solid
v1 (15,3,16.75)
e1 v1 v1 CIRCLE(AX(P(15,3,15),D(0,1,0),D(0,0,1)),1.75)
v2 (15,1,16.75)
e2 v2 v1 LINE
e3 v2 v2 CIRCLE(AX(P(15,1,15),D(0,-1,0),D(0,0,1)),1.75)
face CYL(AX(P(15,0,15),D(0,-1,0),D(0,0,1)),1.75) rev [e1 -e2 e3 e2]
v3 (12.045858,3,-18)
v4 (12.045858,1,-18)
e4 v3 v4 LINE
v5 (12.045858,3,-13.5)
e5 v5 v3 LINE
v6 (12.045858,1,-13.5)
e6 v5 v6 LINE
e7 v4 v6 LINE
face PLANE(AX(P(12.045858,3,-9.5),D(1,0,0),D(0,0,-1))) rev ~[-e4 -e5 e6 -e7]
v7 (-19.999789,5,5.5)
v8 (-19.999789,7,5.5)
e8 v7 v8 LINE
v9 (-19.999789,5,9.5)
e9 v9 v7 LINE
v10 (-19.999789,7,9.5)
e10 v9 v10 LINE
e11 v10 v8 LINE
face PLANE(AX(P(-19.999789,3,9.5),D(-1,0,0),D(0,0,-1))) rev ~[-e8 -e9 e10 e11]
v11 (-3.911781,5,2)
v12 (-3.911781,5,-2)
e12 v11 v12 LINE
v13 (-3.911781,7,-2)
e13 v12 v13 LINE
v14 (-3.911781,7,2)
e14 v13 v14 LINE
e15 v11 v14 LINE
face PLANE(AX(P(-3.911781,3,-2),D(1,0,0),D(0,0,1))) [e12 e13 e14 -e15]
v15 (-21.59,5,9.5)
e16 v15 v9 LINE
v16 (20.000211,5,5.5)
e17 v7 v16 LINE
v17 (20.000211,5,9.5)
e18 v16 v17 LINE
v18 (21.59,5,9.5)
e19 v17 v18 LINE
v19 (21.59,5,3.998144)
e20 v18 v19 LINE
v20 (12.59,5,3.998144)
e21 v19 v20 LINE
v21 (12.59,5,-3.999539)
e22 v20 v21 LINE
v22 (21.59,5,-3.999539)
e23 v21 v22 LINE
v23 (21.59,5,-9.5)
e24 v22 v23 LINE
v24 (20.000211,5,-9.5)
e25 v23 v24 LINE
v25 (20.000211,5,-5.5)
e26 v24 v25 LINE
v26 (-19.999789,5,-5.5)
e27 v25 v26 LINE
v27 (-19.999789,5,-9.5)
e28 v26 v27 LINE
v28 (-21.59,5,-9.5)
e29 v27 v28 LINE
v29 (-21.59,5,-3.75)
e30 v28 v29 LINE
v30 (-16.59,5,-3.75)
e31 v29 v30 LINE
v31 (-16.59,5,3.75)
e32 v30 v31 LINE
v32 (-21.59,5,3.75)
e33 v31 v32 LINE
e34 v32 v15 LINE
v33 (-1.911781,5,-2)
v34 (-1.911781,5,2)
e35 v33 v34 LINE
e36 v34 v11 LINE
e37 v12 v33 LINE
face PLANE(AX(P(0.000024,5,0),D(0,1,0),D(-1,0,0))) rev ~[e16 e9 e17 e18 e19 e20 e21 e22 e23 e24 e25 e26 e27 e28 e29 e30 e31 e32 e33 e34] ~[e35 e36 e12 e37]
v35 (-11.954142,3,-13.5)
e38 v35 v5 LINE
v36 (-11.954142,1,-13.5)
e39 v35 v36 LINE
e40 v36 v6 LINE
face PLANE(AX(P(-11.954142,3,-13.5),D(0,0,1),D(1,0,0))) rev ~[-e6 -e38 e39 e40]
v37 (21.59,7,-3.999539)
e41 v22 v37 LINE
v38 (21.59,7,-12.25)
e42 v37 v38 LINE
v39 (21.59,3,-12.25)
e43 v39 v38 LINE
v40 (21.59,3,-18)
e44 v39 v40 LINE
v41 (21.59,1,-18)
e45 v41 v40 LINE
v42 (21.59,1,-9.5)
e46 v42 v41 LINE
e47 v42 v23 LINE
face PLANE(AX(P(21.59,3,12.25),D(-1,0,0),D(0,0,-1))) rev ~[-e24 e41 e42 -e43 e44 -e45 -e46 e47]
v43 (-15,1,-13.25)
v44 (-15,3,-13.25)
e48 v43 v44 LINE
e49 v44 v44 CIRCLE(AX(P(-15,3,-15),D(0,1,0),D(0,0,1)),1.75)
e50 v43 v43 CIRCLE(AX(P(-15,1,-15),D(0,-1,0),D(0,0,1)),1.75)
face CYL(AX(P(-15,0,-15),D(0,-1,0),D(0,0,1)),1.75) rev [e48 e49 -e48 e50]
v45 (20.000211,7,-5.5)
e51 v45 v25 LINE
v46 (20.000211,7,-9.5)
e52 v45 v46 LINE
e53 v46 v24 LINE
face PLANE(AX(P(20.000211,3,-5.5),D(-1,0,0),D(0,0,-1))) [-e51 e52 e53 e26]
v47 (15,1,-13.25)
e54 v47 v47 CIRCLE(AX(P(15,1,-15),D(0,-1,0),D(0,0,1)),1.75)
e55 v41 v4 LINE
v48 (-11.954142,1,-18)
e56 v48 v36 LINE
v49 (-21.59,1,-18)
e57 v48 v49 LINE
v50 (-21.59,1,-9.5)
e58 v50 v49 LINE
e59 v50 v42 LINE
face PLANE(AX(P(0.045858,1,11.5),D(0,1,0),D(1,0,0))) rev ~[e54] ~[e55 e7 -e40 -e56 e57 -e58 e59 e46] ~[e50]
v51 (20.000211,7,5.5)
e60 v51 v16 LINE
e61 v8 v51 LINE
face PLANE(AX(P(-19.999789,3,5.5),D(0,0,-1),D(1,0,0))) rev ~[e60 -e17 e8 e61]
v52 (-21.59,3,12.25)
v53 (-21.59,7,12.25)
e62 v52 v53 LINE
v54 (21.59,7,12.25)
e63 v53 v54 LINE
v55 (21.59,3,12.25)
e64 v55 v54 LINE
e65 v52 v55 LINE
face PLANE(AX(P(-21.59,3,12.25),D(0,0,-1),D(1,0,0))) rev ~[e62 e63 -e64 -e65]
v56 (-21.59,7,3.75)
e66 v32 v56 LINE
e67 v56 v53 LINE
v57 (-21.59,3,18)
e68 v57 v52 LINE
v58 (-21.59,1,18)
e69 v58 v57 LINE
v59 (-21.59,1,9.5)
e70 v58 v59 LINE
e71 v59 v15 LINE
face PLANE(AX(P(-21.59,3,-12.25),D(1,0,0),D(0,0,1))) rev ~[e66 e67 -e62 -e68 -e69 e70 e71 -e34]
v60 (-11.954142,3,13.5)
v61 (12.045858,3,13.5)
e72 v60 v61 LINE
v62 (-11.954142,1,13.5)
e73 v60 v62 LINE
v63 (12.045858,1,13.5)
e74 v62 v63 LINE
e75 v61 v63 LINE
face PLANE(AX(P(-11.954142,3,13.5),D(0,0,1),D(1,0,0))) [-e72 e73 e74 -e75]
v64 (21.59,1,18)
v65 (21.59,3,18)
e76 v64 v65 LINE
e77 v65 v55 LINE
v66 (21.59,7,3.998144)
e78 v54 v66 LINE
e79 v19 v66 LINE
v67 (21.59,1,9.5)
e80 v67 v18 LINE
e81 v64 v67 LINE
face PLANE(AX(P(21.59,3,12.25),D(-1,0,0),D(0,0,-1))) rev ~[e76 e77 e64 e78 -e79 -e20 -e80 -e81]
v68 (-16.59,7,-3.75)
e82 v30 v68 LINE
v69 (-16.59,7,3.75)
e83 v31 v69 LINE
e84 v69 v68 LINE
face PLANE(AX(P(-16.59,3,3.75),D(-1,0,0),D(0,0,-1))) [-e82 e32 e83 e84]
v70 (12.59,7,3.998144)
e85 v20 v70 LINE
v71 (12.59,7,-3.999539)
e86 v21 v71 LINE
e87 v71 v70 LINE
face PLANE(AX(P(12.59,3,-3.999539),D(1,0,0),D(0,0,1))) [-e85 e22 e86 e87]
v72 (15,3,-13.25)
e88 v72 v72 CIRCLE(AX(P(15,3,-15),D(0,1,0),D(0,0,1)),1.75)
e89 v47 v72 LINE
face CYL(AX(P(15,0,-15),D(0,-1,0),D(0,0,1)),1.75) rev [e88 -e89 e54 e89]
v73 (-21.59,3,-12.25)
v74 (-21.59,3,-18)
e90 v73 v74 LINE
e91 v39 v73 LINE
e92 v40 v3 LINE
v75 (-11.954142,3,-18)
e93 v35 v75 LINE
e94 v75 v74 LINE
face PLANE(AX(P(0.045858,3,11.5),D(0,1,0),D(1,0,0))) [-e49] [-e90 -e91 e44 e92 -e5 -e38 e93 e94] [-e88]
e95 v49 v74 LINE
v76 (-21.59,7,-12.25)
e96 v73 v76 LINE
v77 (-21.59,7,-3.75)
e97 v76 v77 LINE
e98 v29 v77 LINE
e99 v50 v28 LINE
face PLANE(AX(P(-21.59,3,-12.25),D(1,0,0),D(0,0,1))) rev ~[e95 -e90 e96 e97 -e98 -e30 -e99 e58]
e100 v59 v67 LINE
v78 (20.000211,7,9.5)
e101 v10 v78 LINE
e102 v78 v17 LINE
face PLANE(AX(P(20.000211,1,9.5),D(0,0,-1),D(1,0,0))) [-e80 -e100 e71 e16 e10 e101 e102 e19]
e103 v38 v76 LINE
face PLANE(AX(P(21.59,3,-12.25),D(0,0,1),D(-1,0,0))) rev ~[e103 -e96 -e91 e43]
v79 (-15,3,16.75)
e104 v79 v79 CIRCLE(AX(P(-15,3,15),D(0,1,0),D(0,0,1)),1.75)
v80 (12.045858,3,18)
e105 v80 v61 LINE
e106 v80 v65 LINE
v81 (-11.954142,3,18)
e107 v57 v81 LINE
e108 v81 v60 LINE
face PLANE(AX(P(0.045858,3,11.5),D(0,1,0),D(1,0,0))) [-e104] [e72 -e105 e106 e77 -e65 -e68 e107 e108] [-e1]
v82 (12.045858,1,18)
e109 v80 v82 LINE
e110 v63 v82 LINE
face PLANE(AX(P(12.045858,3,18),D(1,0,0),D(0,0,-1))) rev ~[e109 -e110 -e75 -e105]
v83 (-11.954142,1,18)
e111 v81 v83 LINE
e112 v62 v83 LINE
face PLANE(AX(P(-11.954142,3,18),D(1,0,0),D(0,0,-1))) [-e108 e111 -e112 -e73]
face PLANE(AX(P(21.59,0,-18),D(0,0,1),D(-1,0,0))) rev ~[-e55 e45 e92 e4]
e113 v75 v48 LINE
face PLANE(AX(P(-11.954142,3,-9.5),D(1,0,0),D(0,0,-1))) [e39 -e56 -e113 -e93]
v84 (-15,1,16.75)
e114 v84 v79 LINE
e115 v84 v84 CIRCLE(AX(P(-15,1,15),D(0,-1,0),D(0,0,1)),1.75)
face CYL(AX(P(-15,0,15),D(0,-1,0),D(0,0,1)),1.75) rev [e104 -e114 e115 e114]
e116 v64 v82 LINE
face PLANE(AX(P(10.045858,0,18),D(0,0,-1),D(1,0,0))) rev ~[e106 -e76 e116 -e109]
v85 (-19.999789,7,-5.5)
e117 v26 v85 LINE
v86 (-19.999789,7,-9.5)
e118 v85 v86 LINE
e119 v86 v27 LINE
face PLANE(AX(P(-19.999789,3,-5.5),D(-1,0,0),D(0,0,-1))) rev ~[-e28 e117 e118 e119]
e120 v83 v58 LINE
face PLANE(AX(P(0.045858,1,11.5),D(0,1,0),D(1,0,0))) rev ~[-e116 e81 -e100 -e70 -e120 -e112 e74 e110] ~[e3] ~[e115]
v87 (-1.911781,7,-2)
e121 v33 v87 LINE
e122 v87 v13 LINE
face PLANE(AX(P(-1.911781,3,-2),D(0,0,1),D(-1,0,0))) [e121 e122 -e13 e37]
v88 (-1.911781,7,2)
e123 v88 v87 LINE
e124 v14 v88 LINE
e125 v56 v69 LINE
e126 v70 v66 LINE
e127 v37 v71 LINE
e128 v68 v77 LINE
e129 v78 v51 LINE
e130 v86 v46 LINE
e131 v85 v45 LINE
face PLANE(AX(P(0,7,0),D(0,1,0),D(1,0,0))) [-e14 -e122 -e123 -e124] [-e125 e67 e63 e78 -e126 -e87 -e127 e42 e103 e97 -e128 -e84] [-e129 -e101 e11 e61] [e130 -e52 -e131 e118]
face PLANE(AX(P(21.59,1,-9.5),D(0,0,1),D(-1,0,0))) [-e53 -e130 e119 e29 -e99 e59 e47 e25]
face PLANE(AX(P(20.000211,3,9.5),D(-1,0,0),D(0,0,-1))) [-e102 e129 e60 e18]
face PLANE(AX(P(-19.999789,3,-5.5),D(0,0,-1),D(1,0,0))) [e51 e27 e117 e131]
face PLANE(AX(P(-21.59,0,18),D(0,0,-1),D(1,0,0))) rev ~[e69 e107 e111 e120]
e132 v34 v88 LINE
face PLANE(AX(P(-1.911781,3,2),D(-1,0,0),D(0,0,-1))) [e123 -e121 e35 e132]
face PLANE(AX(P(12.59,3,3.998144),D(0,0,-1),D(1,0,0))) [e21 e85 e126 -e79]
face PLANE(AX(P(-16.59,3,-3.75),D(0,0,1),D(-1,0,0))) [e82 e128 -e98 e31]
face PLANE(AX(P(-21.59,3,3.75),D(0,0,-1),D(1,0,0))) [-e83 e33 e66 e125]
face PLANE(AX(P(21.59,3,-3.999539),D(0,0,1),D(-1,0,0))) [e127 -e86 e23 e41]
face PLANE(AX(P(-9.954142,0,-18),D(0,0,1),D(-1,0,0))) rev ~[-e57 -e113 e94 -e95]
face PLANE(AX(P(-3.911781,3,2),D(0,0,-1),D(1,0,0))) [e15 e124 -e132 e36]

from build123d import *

# Parameters (mm, degrees)
SKETCH1_R               = 1.75
BOSS_EXTRUDE3_DEPTH     = 3
SKETCH4_W               = 38.009499712
SKETCH4_H               = 2.5
CUT_EXTRUDE7_DEPTH      = 29.268853886
SKETCH7_W               = 36
SKETCH7_H               = 1
CUT_EXTRUDE8_DEPTH      = 47.877632193
SKETCH9_W               = 39.982004405
SKETCH9_H               = 3.901650926
SKETCH9_W_2             = 38.509499712
SKETCH9_H_2             = 2.8
SKETCH9_W_3             = 37.982004405
SKETCH9_H_3             = 0.55
CUT_EXTRUDE9_DEPTH      = 10
SKETCH10_W              = 40
SKETCH10_H              = 4
SKETCH10_W_2            = 39.982004405
SKETCH10_H_2            = 3.901650926
CUT_EXTRUDE11_DEPTH     = 29.180278565
SKETCH11_W              = 20
SKETCH11_H              = 3.116121774
CUT_EXTRUDE12_DEPTH     = 10
SKETCH12_W              = 2
SKETCH12_H              = 8.5
CUT_EXTRUDE15_DEPTH     = 10
CROQUIS1_W              = 24
CROQUIS1_H              = 4
SALIENTE_EXTRUIR1_DEPTH = 2
CROQUIS2_W              = 40
CROQUIS2_H              = 4
SALIENTE_EXTRUIR2_DEPTH = 4
CORTAR_EXTRUIR2_DEPTH   = 4
SKETCH3_W               = 9
SKETCH3_H               = 3.998143652
CORTAR_EXTRUIR5_DEPTH   = 4


with BuildPart() as part:
    # Sketch1 → Boss-Extrude3 (new body)
    # profile 1 of 2: a face of its own
    with BuildSketch(Plane(origin=(0, 0, 0), x_dir=(1, 0, 0), z_dir=(0, 1, 0))):
        Polygon((-21.59, 18), (-21.59, 0), (0, 0), (21.59, 0), (21.59, 18), (18.04585781, 18), (10.04585781, 18), (10.04585781, 12.616121774), (-9.95414219, 12.616121774), (-9.95414219, 18), (-17.95414219, 18), align=None)
        with Locations(Location((-15, 15, 0), (0, 0, 270))):
            Circle(SKETCH1_R, mode=Mode.SUBTRACT)
        Polygon((18.504745017, 6.25), (0, 6.25), (-18.5, 6.25), (-19.004539265, 6.25), (-19.004539265, 8.75), (-18.5, 8.75), (0.002372509, 8.75), (18.504745017, 8.75), (19.004960447, 8.75), (19.004960447, 6.25), align=None, mode=Mode.SUBTRACT)
        with Locations(Location((15, 15, 0), (0, 0, 270))):
            Circle(SKETCH1_R, mode=Mode.SUBTRACT)
    # profile 2 of 2: a face of its own
    with BuildSketch(Plane(origin=(0, 0, 0), x_dir=(1, 0, 0), z_dir=(0, 1, 0))):
        Polygon((0, 0), (-21.59, 0), (-21.59, -18), (-17.95414219, -18), (-9.95414219, -18), (-9.95414219, -12.616121774), (10.04585781, -12.616121774), (10.04585781, -18), (18.04585781, -18), (21.59, -18), (21.59, 0), align=None)
        with Locations(Location((-15, -15, 0), (0, 0, 270))):
            Circle(SKETCH1_R, mode=Mode.SUBTRACT)
        with Locations(Location((15, -15, 0), (0, 0, 270))):
            Circle(SKETCH1_R, mode=Mode.SUBTRACT)
        Polygon((18.504745017, -6.25), (19.004960447, -6.25), (19.004960447, -8.75), (18.504745017, -8.75), (-18.5, -8.75), (-19.004539265, -8.75), (-19.004539265, -6.25), (-18.5, -6.25), align=None, mode=Mode.SUBTRACT)
    extrude(amount=BOSS_EXTRUDE3_DEPTH)

    # Sketch4 → Cut-Extrude7 (cut, through all)
    # profile 1 of 3: a face of its own
    with BuildSketch(Plane(origin=(0, 3, 0), x_dir=(1, 0, 0), z_dir=(0, 1, 0))):
        Polygon((19.004960447, 6.1), (19.254960447, 6.1), (19.254960447, 8.882786661), (19.254960447, 8.9), (19.004960447, 8.9), (-19.004539265, 8.9), (-19.254539265, 8.9), (-19.254539265, 6.1), (-19.004539265, 6.1), align=None)
        with Locations((0.000210591, 7.5)):
            Rectangle(SKETCH4_W, SKETCH4_H, mode=Mode.SUBTRACT)
    # profile 2 of 3: a face of its own
    with BuildSketch(Plane(origin=(0, 3, 0), x_dir=(1, 0, 0), z_dir=(0, 1, 0))):
        with Locations((0.000210591, 7.5)):
            Rectangle(SKETCH4_W, SKETCH4_H)
    # profile 3 of 3: a face of its own
    with BuildSketch(Plane(origin=(0, 3, 0), x_dir=(1, 0, 0), z_dir=(0, 1, 0))):
        Polygon((-19.254539265, -6.1), (-19.254539265, -8.9), (-19.004539265, -8.9), (19.004960447, -8.9), (19.254960447, -8.9), (19.254960447, -6.1), (19.004960447, -6.1), (-19.004539265, -6.1), align=None)
        with Locations((0.000210591, -7.5)):
            Rectangle(SKETCH4_W, SKETCH4_H, mode=Mode.SUBTRACT)
    extrude(amount=-CUT_EXTRUDE7_DEPTH, mode=Mode.SUBTRACT)

    # Sketch7 → Cut-Extrude8 (cut, through all)
    with BuildSketch(Plane(origin=(21.59, 0, 0), x_dir=(0, 0, -1), z_dir=(1, 0, 0))):
        with Locations((0, 0.5)):
            Rectangle(SKETCH7_W, SKETCH7_H)
    extrude(amount=-CUT_EXTRUDE8_DEPTH, mode=Mode.SUBTRACT)

    # Sketch9 → Cut-Extrude9 (cut)
    # profile 1 of 4: a face of its own
    with BuildSketch(Plane(origin=(0, 3, 0), x_dir=(1, 0, 0), z_dir=(0, 1, 0))):
        with Locations((0.000210592, 7.5)):
            Rectangle(SKETCH9_W, SKETCH9_H)
        with Locations((0.000210591, 7.5)):
            Rectangle(SKETCH9_W_2, SKETCH9_H_2, mode=Mode.SUBTRACT)
    # profile 2 of 4: a face of its own
    with BuildSketch(Plane(origin=(0, 3, 0), x_dir=(1, 0, 0), z_dir=(0, 1, 0))):
        with Locations((0.000210592, -7.5)):
            Rectangle(SKETCH9_W, SKETCH9_H)
        Polygon((-19.254539265, -8.9), (-19.254539265, -6.1), (-18.990791611, -6.1), (-18.990791611, -5.55), (18.991212794, -5.55), (18.991212794, -6.1), (19.254960447, -6.1), (19.254960447, -8.9), (18.991212794, -8.9), (18.991212794, -9.45), (-18.990791611, -9.45), (-18.990791611, -8.9), align=None, mode=Mode.SUBTRACT)
    # profile 3 of 4: a face of its own
    with BuildSketch(Plane(origin=(0, 3, 0), x_dir=(1, 0, 0), z_dir=(0, 1, 0))):
        with Locations((0.000210592, -5.825)):
            Rectangle(SKETCH9_W_3, SKETCH9_H_3)
    # profile 4 of 4: a face of its own
    with BuildSketch(Plane(origin=(0, 3, 0), x_dir=(1, 0, 0), z_dir=(0, 1, 0))):
        with Locations((0.000210592, -9.175)):
            Rectangle(SKETCH9_W_3, SKETCH9_H_3)
    extrude(amount=-CUT_EXTRUDE9_DEPTH, mode=Mode.SUBTRACT)

    # Sketch10 → Cut-Extrude11 (cut, through all)
    # profile 1 of 3: a face of its own
    with BuildSketch(Plane(origin=(0, 3, 0), x_dir=(1, 0, 0), z_dir=(0, 1, 0))):
        with Locations((0.000210591, -7.5)):
            Rectangle(SKETCH10_W, SKETCH10_H)
        with Locations((0.000210592, -7.5)):
            Rectangle(SKETCH10_W_2, SKETCH10_H_2, mode=Mode.SUBTRACT)
    # profile 2 of 3: a face of its own
    with BuildSketch(Plane(origin=(0, 3, 0), x_dir=(1, 0, 0), z_dir=(0, 1, 0))):
        with Locations((0.000210591, 7.5)):
            Rectangle(SKETCH10_W, SKETCH10_H)
        with Locations((0.000210592, 7.5)):
            Rectangle(SKETCH10_W_2, SKETCH10_H_2, mode=Mode.SUBTRACT)
    # profile 3 of 3: a face of its own
    with BuildSketch(Plane(origin=(0, 3, 0), x_dir=(1, 0, 0), z_dir=(0, 1, 0))):
        with Locations((0.000210592, 7.5)):
            Rectangle(SKETCH10_W_2, SKETCH10_H_2)
    extrude(amount=-CUT_EXTRUDE11_DEPTH, mode=Mode.SUBTRACT)

    # Sketch11 → Cut-Extrude12 (cut)
    with BuildSketch(Plane(origin=(0, 3, 0), x_dir=(1, 0, 0), z_dir=(0, 1, 0))):
        with Locations((0.04585781, -11.058060887)):
            Rectangle(SKETCH11_W, SKETCH11_H)
        with Locations((0.04585781, 11.058060887)):
            Rectangle(SKETCH11_W, SKETCH11_H)
    extrude(amount=-CUT_EXTRUDE12_DEPTH, mode=Mode.SUBTRACT)

    # Sketch12 → Cut-Extrude15 (cut)
    with BuildSketch(Plane(origin=(0, 3, 0), x_dir=(1, 0, 0), z_dir=(0, 1, 0))):
        with Locations((-10.95414219, -13.75)):
            Rectangle(SKETCH12_W, SKETCH12_H)
        with Locations((-10.95414219, 13.75)):
            Rectangle(SKETCH12_W, SKETCH12_H)
        with Locations((11.04585781, 13.75)):
            Rectangle(SKETCH12_W, SKETCH12_H)
        Polygon((10.04585781, -9.65592739), (10.04585781, -18), (12.04585781, -18), (12.04585781, -9.65592739), (12.04585781, -9.5), (10.04585781, -9.5), align=None)
    extrude(amount=-CUT_EXTRUDE15_DEPTH, mode=Mode.SUBTRACT)

    # Croquis1 → Saliente-Extruir1 (add)
    with BuildSketch(Plane(origin=(0, 3, 0), x_dir=(1, 0, 0), z_dir=(0, 1, 0))):
        with Locations((0.04585781, -11.5)):
            Rectangle(CROQUIS1_W, CROQUIS1_H)
        with Locations((0.04585781, 11.5)):
            Rectangle(CROQUIS1_W, CROQUIS1_H)
    extrude(amount=-SALIENTE_EXTRUIR1_DEPTH)

    # Croquis2 → Saliente-Extruir2 (add)
    with BuildSketch(Plane(origin=(0, 3, 0), x_dir=(1, 0, 0), z_dir=(0, 1, 0))):
        Polygon((21.59, 9.27), (21.59, 12.25), (-21.59, 12.25), (-21.59, 9.27), (-21.59, -9.27), (-21.59, -12.25), (21.59, -12.25), (21.59, -9.27), align=None)
        with Locations((0.000210591, -7.5)):
            Rectangle(CROQUIS2_W, CROQUIS2_H, mode=Mode.SUBTRACT)
        with Locations((0.000210591, 7.5)):
            Rectangle(CROQUIS2_W, CROQUIS2_H, mode=Mode.SUBTRACT)
    extrude(amount=SALIENTE_EXTRUIR2_DEPTH)

    # Croquis4 → Cortar-Extruir2 (cut)
    with BuildSketch(Plane.XZ.offset(-1)):
        Polygon((-21.59, -9.5), (-21.59, 9.5), (-19.999789409, 9.5), (-19.999789409, 5.5), (20.000210591, 5.5), (20.000210591, 9.5), (21.59, 9.5), (21.59, -9.5), (20.000210591, -9.5), (20.000210591, -5.5), (-19.999789409, -5.5), (-19.999789409, -9.5), align=None)
    extrude(amount=-CORTAR_EXTRUIR2_DEPTH, mode=Mode.SUBTRACT)

    # Sketch3 → Cortar-Extruir5 (cut)
    with BuildSketch(Plane(origin=(0, 3, 0), x_dir=(1, 0, 0), z_dir=(0, 1, 0))):
        Polygon((-1.911780511, -2), (-1.911780511, 0), (-3.40804733, 0), (-3.911780511, 0), (-3.911780511, -0.084828213), (-3.911780511, -2), align=None)
        Polygon((-3.40804733, 0), (-1.911780511, 0), (-1.911780511, 2), (-3.911780511, 2), (-3.911780511, 0), align=None)
        Polygon((12.59, 0.000697543), (12.59, 0), (21.59, 0), (21.59, 3.999538738), (12.59, 3.999538738), align=None)
        with Locations((17.09, -1.999071826)):
            Rectangle(SKETCH3_W, SKETCH3_H)
        Polygon((-16.59, -3.75), (-16.59, 0), (-16.59, 3.75), (-21.59, 3.75), (-21.59, 0), (-21.59, -3.75), align=None)
    extrude(amount=CORTAR_EXTRUIR5_DEPTH, mode=Mode.SUBTRACT)


solid = part.part
